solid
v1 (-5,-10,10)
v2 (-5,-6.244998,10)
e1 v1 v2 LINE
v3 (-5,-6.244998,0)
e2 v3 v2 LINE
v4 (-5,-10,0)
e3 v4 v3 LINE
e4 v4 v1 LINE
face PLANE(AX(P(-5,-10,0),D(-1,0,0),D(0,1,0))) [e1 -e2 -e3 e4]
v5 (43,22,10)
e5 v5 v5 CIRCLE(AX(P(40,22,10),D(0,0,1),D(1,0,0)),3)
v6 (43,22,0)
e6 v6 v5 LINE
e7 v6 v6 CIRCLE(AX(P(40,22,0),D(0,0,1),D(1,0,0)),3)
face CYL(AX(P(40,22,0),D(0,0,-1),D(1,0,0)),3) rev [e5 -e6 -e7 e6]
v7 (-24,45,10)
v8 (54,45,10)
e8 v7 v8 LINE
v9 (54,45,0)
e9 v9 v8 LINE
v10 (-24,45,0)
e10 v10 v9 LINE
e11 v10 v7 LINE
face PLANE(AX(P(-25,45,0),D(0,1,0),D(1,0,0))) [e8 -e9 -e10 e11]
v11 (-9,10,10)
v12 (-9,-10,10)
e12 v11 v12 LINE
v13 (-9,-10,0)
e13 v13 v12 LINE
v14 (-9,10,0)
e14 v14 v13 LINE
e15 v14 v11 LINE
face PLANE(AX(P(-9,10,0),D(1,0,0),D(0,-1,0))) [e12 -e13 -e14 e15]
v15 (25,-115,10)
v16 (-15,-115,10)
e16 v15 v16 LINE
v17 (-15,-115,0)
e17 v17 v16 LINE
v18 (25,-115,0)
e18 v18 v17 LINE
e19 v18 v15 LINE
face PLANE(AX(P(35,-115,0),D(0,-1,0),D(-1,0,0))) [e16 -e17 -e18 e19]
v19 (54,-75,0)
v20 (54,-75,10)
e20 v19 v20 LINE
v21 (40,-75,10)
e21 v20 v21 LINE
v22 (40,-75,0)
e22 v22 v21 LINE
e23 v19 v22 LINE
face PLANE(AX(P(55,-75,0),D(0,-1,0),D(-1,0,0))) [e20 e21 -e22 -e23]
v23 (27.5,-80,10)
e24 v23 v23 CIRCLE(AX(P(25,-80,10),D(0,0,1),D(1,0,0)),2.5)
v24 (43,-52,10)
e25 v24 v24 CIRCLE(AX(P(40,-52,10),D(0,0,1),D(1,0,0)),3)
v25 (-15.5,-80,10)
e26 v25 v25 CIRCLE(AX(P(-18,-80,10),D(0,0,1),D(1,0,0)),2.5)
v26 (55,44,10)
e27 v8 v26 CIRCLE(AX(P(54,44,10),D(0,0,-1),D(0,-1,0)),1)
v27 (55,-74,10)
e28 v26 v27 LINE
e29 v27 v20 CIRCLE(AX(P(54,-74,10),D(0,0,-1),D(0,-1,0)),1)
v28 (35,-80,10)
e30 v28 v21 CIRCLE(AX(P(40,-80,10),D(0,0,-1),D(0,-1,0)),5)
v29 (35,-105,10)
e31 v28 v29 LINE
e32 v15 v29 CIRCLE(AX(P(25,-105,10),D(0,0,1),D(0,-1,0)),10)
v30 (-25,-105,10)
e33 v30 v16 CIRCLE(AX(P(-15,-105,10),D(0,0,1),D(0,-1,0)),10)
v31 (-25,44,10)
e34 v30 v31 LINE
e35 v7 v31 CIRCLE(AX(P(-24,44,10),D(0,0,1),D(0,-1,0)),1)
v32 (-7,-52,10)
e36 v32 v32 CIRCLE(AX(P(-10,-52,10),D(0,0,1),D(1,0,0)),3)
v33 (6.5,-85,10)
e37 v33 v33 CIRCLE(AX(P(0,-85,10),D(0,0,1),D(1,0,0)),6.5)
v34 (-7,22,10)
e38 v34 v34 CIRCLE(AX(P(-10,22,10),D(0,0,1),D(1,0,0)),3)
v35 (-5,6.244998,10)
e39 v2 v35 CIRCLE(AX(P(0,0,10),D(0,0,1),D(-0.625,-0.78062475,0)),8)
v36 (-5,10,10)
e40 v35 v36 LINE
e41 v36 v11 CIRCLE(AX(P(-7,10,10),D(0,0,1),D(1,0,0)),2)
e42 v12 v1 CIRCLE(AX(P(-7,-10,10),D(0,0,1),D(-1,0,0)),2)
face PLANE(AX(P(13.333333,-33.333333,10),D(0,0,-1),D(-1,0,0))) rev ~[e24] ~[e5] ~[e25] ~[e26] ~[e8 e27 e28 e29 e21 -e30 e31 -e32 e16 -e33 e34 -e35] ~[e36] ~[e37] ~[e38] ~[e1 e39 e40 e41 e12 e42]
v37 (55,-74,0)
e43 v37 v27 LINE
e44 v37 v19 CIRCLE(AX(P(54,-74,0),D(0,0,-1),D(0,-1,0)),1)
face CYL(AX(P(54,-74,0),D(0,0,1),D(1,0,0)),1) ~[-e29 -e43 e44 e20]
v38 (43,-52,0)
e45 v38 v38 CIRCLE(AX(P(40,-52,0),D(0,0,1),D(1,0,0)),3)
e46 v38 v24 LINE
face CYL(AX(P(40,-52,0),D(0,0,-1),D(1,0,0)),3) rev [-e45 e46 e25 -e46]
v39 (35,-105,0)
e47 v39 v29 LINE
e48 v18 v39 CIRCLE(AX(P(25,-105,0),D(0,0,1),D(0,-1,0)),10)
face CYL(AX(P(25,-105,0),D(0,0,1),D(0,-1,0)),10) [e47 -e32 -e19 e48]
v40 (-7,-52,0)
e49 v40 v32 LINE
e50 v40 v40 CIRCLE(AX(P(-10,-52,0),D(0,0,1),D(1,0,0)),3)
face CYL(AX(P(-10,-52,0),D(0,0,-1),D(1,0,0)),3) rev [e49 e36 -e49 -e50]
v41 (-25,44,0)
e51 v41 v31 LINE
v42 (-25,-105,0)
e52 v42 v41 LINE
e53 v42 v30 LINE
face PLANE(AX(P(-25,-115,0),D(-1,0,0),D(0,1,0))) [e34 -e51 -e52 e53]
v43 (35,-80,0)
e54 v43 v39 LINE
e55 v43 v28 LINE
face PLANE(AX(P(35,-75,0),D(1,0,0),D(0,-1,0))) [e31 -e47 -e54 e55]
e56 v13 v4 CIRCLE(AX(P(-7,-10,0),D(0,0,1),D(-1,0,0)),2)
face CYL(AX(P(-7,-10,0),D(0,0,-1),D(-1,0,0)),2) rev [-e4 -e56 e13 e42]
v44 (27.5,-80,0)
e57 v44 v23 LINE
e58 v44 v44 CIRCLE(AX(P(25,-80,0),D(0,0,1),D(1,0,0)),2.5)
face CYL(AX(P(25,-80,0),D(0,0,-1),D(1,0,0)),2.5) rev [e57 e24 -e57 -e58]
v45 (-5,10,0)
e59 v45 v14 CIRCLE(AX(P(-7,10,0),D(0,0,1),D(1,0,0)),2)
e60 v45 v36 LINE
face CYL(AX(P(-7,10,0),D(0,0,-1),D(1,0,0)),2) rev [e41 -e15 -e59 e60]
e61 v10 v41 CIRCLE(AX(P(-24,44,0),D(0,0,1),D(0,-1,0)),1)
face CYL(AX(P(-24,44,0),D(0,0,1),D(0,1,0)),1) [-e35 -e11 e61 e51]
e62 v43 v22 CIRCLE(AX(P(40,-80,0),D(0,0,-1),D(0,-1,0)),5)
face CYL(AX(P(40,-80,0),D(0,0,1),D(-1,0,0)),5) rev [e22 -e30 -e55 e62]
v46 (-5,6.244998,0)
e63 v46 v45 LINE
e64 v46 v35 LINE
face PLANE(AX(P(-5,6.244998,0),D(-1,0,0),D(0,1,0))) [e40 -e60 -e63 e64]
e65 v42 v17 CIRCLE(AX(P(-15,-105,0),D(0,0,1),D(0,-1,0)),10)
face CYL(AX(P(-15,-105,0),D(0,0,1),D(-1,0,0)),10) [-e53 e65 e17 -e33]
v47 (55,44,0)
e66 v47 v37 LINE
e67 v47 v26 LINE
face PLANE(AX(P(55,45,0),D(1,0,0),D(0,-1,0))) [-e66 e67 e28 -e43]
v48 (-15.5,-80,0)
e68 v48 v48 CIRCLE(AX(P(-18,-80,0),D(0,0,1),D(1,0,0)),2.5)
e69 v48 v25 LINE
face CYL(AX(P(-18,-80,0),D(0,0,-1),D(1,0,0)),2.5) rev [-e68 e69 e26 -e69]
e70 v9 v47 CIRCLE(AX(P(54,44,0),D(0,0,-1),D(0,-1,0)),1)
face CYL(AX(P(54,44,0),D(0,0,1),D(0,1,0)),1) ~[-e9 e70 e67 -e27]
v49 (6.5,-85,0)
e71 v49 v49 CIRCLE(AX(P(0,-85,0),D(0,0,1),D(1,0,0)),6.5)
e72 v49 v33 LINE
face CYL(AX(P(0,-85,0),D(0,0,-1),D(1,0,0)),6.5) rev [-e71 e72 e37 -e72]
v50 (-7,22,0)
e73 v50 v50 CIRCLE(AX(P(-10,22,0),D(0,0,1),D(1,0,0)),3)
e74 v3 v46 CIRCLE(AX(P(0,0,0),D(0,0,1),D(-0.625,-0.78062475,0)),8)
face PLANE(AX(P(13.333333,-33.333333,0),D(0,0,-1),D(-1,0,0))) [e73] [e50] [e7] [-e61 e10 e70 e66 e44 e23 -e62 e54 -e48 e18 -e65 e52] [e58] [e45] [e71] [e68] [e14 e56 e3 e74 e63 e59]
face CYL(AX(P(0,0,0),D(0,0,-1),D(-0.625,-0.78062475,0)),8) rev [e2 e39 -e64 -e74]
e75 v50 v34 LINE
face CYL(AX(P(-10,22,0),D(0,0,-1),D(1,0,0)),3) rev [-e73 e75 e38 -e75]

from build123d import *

# Parameters (mm, degrees)
SKETCH_R    = 6.5
SKETCH_R_2  = 3
SKETCH_R_3  = 2.5
PAD_DEPTH   = 10
FILLET_R    = 1
FILLET001_R = 10
FILLET002_R = 5


with BuildPart() as part:
    # Sketch → Pad (new body)
    with BuildSketch(Plane.XY):
        Polygon((-25, 45), (55, 45), (55, -75), (35, -75), (35, -115), (-25, -115), align=None)
        with Locations((0, -85)):
            Circle(SKETCH_R, mode=Mode.SUBTRACT)
        with Locations((-10, -52)):
            Circle(SKETCH_R_2, mode=Mode.SUBTRACT)
        with Locations((40, -52)):
            Circle(SKETCH_R_2, mode=Mode.SUBTRACT)
        with Locations((40, 22)):
            Circle(SKETCH_R_2, mode=Mode.SUBTRACT)
        with Locations((-10, 22)):
            Circle(SKETCH_R_2, mode=Mode.SUBTRACT)
        with Locations((25, -80)):
            Circle(SKETCH_R_3, mode=Mode.SUBTRACT)
        with Locations((-18, -80)):
            Circle(SKETCH_R_3, mode=Mode.SUBTRACT)
        with BuildLine():
            ThreePointArc((-5, -6.244998), (8, 0), (-5, 6.244998))
            Line((-5, 6.244998), (-5, 10))
            ThreePointArc((-5, 10), (-7, 12), (-9, 10))
            Line((-9, 10), (-9, -10))
            ThreePointArc((-9, -10), (-7, -12), (-5, -10))
            Line((-5, -10), (-5, -6.244998))
        make_face(mode=Mode.SUBTRACT)
    extrude(amount=PAD_DEPTH)

    # Fillet
    fillet_edges = [part.edges().sort_by_distance(p)[0] for p in [
        (55, -75, 5),
        (55, 45, 5),
        (-25, 45, 5),
    ]]
    fillet(fillet_edges, radius=FILLET_R)

    # Fillet001
    fillet001_edges = [part.edges().sort_by_distance(p)[0] for p in [
        (35, -115, 5),
        (-25, -115, 5),
    ]]
    fillet(fillet001_edges, radius=FILLET001_R)

    # Fillet002
    fillet002_edges = [part.edges().sort_by_distance(p)[0] for p in [
        (35, -75, 5),
    ]]
    fillet(fillet002_edges, radius=FILLET002_R)


solid = part.part
